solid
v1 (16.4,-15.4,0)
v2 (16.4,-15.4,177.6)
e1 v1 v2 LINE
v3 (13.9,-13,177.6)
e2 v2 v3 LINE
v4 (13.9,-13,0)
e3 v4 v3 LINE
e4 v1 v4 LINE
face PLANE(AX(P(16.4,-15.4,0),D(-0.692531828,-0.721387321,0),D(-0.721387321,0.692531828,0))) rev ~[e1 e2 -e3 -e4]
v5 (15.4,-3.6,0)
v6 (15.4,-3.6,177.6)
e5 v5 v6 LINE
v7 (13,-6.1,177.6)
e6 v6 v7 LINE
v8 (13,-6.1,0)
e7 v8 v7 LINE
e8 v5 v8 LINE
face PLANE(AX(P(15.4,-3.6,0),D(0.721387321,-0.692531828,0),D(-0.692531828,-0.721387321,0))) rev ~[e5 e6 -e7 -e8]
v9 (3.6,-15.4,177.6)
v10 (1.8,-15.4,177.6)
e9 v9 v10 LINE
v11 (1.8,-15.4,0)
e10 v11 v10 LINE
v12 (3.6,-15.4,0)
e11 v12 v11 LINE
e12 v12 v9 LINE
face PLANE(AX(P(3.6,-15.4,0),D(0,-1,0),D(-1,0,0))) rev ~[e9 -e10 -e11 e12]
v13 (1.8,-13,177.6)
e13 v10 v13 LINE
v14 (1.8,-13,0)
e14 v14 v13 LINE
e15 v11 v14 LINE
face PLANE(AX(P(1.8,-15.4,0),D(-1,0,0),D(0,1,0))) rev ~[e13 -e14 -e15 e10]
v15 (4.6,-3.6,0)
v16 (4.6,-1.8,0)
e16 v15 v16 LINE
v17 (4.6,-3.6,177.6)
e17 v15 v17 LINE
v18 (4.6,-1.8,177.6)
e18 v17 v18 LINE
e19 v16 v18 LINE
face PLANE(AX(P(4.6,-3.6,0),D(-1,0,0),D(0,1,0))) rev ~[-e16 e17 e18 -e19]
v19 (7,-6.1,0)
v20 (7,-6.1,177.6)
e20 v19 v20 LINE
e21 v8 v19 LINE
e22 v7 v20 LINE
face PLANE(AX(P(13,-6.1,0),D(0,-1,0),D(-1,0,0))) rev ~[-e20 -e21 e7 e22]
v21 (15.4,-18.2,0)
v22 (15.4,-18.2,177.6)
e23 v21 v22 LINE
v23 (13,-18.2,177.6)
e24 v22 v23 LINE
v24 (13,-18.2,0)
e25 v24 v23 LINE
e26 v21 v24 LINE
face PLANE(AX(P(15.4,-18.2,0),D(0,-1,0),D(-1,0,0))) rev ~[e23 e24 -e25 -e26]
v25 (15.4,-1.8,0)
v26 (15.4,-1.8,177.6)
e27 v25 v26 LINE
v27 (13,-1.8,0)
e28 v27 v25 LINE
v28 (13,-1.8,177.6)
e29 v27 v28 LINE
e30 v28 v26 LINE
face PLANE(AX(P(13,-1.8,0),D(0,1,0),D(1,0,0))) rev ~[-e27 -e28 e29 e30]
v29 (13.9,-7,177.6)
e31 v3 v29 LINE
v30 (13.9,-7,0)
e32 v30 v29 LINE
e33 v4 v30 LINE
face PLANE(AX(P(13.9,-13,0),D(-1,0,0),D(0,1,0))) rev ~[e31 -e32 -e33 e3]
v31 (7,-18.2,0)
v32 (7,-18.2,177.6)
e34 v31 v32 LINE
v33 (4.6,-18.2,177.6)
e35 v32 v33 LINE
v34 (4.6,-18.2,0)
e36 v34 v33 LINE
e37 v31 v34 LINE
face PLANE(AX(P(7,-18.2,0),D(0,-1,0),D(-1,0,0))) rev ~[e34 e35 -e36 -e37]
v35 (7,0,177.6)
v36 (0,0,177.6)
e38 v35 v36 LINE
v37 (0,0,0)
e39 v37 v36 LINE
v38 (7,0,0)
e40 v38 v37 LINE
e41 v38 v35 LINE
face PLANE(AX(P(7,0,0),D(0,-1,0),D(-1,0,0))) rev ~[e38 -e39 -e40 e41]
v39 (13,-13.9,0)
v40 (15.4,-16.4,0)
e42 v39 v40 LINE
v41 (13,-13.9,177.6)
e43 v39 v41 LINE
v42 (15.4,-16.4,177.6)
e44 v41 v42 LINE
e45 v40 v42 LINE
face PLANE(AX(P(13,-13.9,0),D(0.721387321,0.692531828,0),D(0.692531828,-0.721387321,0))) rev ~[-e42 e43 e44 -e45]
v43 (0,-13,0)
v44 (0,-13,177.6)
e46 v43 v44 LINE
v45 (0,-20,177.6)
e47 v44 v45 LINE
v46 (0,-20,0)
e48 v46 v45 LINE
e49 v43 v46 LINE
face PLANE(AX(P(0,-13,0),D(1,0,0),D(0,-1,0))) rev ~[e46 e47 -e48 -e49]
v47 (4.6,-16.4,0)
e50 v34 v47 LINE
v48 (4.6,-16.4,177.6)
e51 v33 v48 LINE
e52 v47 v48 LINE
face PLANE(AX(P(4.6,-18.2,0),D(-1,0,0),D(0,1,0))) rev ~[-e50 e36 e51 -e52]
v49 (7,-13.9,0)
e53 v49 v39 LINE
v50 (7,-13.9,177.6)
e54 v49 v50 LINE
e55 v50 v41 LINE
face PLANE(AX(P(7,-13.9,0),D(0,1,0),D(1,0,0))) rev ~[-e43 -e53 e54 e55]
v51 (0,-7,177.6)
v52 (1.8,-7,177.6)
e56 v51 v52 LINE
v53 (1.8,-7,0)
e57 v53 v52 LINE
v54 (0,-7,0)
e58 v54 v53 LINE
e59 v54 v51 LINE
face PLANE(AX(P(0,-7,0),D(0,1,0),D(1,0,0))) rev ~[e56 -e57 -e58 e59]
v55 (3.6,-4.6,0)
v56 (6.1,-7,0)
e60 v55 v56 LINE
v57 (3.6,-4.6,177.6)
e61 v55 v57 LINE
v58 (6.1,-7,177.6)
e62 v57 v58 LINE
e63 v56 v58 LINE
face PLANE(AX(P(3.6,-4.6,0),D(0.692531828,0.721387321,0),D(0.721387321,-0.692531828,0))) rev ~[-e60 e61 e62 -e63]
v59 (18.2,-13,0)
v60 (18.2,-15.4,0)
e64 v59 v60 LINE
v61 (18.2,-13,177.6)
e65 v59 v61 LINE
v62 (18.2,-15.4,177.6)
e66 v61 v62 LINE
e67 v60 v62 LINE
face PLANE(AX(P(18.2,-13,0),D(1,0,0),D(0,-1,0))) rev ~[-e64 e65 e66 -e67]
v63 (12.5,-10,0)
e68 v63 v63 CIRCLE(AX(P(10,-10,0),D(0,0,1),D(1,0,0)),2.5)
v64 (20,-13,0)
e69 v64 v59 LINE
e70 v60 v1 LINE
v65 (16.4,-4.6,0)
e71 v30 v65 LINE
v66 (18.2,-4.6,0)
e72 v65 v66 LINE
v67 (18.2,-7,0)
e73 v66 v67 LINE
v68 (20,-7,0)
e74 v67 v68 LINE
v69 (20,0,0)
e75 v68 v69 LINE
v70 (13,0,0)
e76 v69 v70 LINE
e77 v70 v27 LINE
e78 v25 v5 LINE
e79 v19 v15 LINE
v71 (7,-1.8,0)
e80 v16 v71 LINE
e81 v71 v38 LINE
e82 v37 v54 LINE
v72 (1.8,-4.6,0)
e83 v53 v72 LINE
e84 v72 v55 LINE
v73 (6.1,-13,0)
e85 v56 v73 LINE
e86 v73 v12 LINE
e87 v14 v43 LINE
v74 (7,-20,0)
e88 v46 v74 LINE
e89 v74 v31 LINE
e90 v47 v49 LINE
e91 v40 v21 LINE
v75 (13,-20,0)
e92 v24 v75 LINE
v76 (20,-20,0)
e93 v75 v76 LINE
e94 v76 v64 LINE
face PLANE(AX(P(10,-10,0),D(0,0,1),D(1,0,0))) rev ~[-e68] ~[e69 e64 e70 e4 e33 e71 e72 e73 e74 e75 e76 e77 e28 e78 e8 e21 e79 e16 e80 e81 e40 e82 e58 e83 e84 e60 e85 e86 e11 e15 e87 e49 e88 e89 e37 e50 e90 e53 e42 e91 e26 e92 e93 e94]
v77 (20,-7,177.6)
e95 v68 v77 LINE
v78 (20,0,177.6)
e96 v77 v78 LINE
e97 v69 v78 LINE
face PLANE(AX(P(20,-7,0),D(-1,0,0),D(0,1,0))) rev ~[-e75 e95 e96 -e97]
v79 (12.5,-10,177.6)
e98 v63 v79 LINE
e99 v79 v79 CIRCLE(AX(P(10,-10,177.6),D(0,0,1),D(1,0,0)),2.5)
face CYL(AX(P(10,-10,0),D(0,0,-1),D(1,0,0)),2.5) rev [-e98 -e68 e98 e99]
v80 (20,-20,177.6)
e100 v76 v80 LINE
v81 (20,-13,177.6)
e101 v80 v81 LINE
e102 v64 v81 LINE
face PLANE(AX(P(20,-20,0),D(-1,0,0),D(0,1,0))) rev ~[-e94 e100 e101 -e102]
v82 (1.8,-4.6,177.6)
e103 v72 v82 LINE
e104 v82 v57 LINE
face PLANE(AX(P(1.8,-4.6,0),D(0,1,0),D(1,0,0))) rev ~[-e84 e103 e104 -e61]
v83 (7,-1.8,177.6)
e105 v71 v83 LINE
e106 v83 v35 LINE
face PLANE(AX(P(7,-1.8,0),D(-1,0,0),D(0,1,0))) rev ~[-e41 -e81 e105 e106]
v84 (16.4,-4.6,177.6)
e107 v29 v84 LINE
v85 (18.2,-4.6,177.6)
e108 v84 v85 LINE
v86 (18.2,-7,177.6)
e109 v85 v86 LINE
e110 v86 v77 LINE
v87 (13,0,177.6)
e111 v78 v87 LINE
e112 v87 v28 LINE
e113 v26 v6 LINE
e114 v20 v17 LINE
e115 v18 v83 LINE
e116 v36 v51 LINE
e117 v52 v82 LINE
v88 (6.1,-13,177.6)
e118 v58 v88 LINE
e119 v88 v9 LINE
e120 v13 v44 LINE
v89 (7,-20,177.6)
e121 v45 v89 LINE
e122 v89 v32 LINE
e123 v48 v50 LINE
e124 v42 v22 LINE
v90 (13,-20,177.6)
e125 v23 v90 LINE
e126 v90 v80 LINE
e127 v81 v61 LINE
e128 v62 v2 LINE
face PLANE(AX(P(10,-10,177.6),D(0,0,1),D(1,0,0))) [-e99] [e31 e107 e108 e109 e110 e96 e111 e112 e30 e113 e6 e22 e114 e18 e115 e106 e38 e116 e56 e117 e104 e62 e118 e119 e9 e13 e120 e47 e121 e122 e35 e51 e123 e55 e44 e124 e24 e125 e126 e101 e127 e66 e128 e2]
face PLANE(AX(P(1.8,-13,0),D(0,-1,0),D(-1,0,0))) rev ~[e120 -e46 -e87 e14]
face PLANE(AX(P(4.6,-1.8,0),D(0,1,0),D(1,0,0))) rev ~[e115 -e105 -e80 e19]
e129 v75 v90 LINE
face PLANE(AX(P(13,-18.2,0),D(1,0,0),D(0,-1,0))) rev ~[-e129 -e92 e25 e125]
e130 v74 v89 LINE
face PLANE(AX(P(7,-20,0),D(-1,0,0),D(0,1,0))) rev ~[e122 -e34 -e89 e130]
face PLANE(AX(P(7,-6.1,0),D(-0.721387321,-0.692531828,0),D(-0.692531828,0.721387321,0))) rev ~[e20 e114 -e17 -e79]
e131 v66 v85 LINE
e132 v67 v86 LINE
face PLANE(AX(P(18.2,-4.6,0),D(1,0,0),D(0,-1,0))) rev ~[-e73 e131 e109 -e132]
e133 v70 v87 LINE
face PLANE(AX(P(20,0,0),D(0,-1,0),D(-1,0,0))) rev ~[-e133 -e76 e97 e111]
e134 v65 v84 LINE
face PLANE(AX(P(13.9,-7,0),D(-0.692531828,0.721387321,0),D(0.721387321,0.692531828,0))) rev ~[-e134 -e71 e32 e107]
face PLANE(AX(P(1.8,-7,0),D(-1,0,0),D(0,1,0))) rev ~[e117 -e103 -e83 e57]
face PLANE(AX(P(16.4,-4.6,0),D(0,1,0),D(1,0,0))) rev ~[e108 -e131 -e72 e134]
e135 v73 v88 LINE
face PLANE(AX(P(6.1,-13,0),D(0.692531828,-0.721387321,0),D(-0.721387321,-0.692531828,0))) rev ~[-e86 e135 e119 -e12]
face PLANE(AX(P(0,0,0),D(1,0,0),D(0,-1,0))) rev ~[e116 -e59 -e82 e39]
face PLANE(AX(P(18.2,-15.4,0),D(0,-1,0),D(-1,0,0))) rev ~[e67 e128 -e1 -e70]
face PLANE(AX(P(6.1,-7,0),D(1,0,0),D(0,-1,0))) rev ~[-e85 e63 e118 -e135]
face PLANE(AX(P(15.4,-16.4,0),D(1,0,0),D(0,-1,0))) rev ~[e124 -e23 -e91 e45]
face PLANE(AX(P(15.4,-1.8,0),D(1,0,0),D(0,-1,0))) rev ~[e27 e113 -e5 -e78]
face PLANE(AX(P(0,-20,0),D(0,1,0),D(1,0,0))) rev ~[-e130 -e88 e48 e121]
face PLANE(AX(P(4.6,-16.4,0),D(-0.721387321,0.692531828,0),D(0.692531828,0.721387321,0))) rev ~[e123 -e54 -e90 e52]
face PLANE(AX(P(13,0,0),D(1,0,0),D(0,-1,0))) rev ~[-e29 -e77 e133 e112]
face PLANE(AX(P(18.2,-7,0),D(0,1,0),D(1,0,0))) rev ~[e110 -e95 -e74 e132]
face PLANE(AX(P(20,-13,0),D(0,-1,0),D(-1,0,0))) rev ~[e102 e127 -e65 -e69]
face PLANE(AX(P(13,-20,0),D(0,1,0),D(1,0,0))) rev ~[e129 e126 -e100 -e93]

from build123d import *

# Parameters (mm, degrees)
SKETCH1_R           = 2.5
BOSS_EXTRUDE1_DEPTH = 177.6


with BuildPart() as part:
    # Sketch1 → Boss-Extrude1 (new body)
    with BuildSketch(Plane.XY):
        Polygon((7, -1.8), (7, 0), (0, 0), (0, -7), (0.4, -7), (1.8, -7), (1.8, -4.6), (2.2, -4.6), (3.6, -4.6), (6.1, -7), (6.1, -13), (3.6, -15.4), (1.8, -15.4), (1.8, -13), (0.4, -13), (0, -13), (0, -20), (7, -20), (7, -18.2), (4.6, -18.2), (4.6, -16.4), (7, -13.9), (7.016, -13.9), (13, -13.9), (15.4, -16.4), (15.4, -18.2), (13, -18.2), (13, -19.6), (13, -20), (20, -20), (20, -13), (18.2, -13), (18.2, -15), (18.2, -15.4), (16.4, -15.4), (13.9, -13), (13.9, -12.6), (13.9, -7), (16.4, -4.6), (18.2, -4.6), (18.2, -7), (20, -7), (20, -6.6), (20, 0), (13, 0), (13, -1.8), (15.4, -1.8), (15.4, -3.6), (13, -6.1), (7, -6.1), (4.6, -3.6), (4.6, -1.8), align=None)
        with Locations((10, -10)):
            Circle(SKETCH1_R, mode=Mode.SUBTRACT)
    extrude(amount=BOSS_EXTRUDE1_DEPTH)


solid = part.part
